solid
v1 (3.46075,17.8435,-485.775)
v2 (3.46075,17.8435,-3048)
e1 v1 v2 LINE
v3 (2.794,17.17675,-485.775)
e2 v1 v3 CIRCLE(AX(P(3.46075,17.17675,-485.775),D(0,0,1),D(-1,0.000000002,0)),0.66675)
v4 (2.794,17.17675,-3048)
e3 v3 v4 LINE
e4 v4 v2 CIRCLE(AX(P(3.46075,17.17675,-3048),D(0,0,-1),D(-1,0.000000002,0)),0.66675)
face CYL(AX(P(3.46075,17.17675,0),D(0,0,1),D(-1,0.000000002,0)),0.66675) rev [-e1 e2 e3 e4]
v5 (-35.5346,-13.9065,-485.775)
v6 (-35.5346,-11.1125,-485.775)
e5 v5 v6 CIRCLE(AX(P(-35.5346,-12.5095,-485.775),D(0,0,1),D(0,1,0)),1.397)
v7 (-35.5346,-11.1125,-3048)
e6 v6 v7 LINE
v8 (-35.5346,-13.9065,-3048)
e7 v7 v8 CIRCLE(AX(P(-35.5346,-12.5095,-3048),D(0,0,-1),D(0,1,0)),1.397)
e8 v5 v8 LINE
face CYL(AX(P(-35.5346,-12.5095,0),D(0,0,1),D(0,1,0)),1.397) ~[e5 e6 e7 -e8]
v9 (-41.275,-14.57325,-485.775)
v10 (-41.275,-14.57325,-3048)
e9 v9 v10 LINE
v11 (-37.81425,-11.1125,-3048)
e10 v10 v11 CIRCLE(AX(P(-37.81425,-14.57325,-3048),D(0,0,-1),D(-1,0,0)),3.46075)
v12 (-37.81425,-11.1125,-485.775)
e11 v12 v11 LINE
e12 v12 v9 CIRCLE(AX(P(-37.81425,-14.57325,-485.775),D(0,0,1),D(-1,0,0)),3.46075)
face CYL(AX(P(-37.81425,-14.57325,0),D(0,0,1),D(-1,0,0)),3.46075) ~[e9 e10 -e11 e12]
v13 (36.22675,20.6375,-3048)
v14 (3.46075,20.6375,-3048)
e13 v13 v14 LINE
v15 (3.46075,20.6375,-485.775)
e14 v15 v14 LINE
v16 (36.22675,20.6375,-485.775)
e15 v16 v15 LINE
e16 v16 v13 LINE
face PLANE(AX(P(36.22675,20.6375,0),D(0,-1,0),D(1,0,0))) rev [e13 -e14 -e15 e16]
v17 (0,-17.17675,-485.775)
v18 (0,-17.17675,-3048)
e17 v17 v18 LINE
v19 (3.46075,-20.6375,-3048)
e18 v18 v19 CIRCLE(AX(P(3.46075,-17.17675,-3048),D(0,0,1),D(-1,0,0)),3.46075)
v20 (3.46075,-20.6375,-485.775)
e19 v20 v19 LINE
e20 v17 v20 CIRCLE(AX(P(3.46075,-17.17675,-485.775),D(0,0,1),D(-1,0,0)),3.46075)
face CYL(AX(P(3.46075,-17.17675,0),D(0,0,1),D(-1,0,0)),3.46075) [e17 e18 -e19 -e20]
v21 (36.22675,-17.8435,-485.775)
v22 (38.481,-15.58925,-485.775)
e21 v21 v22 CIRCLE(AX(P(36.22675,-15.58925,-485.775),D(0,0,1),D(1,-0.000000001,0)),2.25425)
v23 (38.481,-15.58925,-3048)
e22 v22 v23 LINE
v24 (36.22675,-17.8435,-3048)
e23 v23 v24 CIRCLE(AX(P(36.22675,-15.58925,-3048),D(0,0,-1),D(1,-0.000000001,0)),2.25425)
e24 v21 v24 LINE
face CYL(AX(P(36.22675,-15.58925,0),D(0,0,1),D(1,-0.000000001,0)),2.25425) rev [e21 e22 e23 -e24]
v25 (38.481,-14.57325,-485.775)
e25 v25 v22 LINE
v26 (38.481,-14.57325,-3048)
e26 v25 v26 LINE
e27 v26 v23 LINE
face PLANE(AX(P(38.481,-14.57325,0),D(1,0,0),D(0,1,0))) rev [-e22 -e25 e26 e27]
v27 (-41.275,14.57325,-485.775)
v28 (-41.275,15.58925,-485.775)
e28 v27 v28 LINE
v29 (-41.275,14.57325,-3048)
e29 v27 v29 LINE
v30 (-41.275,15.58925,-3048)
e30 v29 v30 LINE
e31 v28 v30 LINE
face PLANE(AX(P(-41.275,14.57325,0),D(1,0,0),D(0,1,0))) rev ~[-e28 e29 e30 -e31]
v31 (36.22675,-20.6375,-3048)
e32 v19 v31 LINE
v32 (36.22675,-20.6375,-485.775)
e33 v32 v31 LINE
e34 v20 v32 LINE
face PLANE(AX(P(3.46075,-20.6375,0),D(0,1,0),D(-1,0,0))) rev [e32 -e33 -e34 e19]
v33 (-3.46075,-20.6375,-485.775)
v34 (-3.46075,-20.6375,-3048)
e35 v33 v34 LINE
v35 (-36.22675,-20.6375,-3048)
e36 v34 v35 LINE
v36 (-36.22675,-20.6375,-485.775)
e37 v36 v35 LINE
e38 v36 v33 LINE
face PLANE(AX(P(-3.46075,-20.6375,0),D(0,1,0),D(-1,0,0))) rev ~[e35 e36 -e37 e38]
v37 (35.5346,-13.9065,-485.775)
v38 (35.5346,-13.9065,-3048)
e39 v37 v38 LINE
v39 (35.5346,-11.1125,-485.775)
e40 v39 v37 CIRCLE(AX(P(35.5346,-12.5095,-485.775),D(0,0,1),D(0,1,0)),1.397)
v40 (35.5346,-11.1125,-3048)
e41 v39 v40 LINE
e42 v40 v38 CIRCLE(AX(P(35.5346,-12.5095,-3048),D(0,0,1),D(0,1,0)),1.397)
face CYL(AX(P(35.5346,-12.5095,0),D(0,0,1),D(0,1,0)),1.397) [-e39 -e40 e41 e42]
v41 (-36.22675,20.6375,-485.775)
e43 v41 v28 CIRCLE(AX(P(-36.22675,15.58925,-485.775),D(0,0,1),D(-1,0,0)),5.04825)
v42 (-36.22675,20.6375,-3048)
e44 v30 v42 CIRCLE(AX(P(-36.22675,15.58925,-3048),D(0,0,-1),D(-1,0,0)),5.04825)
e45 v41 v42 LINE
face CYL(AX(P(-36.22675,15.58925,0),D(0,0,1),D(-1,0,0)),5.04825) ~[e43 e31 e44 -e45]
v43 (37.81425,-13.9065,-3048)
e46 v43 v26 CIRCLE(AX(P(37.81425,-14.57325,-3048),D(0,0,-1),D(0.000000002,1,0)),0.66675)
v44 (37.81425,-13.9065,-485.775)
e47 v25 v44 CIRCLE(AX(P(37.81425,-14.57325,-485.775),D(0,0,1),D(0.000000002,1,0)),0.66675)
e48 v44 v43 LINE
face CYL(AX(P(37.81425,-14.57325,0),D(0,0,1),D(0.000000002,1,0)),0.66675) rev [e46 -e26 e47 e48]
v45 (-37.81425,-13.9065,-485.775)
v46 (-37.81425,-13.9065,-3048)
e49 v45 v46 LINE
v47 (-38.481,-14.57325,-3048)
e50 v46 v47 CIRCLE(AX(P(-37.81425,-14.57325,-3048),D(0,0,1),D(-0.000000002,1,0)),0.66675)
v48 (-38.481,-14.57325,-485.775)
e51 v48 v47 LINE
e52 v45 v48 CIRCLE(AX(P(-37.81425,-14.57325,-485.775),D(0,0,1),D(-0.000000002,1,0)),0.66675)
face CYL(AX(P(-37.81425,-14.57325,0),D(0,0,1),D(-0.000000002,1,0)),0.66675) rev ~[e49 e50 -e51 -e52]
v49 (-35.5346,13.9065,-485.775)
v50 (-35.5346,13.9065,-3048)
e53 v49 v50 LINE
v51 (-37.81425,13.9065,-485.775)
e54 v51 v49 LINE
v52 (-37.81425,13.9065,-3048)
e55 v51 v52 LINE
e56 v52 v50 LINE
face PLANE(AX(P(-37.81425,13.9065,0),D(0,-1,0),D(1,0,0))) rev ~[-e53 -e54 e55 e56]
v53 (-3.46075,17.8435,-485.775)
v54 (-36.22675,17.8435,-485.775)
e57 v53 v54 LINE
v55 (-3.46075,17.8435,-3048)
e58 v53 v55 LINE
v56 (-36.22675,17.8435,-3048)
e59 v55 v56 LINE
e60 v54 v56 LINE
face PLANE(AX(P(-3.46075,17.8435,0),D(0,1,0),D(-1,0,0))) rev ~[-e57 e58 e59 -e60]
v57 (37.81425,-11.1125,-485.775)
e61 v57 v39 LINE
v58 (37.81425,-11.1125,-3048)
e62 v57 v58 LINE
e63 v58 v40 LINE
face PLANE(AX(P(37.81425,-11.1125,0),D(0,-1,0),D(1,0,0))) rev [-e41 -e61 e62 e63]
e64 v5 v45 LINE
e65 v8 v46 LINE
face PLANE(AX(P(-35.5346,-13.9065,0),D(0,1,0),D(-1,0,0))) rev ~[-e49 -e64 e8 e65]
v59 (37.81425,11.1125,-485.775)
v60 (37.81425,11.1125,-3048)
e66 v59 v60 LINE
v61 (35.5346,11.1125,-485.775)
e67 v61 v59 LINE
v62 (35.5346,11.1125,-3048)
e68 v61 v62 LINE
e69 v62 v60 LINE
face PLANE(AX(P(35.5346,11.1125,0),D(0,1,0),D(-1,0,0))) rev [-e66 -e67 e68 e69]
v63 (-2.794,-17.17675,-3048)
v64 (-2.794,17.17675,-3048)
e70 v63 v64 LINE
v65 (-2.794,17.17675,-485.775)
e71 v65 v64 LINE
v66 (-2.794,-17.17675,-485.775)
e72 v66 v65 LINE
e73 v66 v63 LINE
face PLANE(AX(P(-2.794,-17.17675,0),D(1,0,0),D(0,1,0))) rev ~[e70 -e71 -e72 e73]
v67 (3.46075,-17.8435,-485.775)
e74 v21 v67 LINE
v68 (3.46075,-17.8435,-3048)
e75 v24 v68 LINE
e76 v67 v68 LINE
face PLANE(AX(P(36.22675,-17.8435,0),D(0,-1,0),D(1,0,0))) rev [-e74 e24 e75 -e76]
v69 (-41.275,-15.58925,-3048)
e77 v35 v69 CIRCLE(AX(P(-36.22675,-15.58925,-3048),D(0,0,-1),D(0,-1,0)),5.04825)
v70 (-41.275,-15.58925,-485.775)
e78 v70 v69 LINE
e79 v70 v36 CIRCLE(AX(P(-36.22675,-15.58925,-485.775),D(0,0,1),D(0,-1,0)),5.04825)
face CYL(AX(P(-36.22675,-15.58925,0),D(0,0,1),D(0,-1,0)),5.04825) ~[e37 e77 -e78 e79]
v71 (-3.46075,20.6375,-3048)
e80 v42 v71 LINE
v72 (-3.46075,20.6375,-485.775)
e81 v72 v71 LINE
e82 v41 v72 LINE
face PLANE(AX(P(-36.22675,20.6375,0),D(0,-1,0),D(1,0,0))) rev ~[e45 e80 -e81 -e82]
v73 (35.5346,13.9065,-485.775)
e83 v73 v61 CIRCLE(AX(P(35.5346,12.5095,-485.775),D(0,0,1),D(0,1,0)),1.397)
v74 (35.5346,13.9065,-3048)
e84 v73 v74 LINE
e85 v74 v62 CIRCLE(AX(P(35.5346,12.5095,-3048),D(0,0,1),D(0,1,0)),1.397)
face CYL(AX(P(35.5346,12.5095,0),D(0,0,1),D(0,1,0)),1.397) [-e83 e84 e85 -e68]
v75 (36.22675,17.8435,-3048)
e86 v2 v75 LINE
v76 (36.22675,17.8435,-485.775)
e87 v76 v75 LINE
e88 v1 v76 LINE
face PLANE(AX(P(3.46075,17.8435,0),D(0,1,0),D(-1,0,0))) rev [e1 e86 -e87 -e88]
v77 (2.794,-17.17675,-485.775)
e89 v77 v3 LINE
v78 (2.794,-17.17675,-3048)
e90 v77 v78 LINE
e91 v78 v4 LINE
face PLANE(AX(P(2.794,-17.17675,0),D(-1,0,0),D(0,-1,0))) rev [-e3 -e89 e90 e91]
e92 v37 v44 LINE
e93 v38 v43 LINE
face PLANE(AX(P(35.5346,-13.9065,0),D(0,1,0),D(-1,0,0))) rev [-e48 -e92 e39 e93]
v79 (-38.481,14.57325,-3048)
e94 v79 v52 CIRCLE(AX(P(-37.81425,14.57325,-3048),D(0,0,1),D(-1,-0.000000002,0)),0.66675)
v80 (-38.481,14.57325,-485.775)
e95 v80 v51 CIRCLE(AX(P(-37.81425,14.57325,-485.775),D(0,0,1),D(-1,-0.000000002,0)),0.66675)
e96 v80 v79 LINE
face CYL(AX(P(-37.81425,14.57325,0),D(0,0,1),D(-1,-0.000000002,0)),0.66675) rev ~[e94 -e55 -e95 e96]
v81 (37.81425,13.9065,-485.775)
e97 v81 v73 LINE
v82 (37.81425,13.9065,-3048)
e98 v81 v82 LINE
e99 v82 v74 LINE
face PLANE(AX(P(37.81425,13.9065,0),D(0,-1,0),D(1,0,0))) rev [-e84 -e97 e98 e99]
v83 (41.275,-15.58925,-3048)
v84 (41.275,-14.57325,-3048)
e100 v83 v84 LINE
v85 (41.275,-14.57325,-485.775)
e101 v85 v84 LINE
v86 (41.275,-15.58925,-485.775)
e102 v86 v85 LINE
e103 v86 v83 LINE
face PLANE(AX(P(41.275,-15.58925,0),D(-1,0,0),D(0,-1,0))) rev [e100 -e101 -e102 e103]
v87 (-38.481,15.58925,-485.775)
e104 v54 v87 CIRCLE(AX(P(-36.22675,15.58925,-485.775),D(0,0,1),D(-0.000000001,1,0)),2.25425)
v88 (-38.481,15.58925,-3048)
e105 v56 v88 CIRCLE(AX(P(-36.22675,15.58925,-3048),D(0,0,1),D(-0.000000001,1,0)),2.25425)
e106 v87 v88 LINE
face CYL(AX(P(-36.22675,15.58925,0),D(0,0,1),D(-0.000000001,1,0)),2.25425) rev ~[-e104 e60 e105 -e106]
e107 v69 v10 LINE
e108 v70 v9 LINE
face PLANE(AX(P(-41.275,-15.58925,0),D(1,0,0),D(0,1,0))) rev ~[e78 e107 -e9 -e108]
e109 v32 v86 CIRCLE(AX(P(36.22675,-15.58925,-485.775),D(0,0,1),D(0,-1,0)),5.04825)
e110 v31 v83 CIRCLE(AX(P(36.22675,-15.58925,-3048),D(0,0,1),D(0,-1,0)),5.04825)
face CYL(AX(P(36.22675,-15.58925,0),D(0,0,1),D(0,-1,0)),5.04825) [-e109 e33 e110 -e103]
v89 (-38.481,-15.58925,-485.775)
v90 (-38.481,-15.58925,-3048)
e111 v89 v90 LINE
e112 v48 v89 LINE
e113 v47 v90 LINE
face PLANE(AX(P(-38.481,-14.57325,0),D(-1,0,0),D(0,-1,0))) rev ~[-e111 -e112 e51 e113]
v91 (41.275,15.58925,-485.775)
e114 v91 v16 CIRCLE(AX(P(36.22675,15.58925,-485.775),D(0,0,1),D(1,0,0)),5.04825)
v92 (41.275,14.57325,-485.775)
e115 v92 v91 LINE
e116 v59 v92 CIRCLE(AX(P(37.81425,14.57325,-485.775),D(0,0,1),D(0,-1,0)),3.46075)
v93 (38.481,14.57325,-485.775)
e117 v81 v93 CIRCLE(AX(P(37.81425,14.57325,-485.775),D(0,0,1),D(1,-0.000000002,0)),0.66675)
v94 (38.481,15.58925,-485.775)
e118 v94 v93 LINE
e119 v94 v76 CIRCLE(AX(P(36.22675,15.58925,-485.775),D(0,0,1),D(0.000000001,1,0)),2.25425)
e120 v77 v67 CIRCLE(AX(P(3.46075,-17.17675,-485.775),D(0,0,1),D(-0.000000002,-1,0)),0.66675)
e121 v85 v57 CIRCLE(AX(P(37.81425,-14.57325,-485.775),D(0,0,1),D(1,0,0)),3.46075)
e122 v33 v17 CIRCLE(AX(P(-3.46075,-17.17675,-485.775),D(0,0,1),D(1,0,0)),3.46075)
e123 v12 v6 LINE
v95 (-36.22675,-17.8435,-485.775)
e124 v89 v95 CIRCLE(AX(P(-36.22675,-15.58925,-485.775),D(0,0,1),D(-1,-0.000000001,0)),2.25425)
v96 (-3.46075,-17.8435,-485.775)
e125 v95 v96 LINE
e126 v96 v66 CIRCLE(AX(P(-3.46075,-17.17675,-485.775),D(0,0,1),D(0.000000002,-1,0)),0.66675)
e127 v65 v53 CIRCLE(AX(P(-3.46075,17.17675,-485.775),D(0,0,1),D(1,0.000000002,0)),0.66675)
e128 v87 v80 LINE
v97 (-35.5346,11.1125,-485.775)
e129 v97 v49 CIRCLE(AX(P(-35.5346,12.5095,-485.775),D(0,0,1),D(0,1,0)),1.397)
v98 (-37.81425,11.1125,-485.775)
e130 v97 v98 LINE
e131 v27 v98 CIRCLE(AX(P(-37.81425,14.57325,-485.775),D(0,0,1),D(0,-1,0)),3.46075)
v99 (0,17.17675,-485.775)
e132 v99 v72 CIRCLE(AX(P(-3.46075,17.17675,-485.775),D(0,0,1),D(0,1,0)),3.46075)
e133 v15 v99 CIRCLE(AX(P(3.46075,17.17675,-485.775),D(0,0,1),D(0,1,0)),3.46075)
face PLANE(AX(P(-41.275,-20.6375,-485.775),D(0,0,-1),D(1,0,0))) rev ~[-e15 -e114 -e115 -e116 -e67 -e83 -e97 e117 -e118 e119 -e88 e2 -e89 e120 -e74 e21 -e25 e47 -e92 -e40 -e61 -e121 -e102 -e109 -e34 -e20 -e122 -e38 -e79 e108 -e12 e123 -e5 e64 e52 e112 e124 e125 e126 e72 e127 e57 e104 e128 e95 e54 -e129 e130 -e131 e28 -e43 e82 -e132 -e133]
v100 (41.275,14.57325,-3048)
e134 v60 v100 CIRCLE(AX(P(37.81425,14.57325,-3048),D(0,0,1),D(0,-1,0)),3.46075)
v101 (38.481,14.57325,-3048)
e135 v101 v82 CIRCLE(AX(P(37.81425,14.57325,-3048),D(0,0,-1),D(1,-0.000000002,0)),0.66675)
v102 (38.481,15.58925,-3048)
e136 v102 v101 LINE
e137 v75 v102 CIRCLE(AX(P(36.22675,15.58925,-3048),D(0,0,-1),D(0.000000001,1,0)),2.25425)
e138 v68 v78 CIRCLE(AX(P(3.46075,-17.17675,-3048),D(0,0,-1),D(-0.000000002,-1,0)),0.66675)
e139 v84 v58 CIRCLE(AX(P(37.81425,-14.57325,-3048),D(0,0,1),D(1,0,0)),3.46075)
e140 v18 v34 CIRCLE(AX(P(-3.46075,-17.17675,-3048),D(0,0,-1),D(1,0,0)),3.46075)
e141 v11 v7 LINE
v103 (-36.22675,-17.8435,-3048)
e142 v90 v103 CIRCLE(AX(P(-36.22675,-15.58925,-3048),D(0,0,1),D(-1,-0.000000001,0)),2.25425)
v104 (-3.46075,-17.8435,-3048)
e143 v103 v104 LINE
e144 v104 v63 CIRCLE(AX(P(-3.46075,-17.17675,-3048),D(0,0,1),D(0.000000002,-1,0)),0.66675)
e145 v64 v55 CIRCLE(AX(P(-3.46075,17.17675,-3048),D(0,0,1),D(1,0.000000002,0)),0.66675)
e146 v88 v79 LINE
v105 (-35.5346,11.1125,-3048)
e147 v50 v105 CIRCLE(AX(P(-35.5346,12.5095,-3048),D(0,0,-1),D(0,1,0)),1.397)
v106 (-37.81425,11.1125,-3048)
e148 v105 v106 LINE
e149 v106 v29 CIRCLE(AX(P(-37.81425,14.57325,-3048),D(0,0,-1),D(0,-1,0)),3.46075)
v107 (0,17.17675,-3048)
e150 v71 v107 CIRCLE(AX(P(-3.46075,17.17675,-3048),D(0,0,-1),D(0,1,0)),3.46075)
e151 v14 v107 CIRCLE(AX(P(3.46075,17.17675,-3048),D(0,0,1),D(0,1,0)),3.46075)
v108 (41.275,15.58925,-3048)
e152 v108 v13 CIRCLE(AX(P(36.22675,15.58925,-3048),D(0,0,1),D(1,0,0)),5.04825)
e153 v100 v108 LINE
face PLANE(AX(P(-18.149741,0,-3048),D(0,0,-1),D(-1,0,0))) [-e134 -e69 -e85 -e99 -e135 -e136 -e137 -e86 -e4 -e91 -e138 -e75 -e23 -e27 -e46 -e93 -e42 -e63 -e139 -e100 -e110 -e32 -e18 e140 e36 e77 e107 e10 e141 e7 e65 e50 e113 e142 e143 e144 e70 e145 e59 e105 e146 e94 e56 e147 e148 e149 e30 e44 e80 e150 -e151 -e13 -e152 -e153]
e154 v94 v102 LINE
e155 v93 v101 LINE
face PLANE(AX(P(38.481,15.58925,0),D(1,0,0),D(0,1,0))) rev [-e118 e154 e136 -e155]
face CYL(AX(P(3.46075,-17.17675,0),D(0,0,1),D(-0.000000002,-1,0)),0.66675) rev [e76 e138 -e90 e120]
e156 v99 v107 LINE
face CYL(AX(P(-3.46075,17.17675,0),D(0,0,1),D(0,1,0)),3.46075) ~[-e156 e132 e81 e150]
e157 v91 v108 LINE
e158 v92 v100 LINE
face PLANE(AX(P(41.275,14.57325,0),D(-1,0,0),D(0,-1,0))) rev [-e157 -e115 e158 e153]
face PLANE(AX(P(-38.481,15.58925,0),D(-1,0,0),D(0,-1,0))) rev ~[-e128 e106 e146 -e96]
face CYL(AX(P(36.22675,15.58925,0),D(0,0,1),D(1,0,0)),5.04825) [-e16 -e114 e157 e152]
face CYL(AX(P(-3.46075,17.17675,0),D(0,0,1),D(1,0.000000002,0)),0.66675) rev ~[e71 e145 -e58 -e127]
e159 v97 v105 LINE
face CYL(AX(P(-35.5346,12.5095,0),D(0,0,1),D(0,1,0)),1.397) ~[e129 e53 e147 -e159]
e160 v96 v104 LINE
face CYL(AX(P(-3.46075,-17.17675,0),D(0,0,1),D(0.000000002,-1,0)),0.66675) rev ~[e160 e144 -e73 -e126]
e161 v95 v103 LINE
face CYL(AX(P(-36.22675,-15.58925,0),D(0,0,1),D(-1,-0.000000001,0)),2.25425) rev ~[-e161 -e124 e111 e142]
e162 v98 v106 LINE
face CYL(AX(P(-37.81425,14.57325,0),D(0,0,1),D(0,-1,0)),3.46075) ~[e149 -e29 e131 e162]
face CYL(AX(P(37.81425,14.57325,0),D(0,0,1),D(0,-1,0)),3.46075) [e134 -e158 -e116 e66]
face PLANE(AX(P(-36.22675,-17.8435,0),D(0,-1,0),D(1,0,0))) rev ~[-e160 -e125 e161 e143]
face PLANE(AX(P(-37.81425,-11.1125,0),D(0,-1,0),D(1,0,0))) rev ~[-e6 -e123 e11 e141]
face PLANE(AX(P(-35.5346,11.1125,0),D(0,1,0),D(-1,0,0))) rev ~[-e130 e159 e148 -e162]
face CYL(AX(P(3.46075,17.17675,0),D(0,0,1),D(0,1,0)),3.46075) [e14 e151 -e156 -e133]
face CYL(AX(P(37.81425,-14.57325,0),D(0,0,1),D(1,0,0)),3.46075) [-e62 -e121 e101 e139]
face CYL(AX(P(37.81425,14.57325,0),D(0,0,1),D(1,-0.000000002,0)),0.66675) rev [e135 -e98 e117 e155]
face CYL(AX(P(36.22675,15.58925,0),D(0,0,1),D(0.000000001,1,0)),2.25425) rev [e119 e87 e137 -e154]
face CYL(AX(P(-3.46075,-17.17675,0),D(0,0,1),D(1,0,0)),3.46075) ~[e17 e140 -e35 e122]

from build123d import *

# Parameters (mm, degrees)
BOSS_EXTRUDE1_DEPTH = 3048
SKETCH4_W           = 82.55
SKETCH4_H           = 485.775
CUT_EXTRUDE1_DEPTH  = 3049.558881053


with BuildPart() as part:
    # Sketch1 → Boss-Extrude1 (new body)
    with BuildSketch(Plane.XY):
        with BuildLine():
            Line((-36.22675, 20.6375), (-3.46075, 20.6375))
            ThreePointArc((-3.46075, 20.6375), (-1.013630207, 19.623869793), (0, 17.17675))
            Line((0, 17.17675), (0, -17.17675))
            ThreePointArc((0, -17.17675), (-1.013630207, -19.623869793), (-3.46075, -20.6375))
            Line((-3.46075, -20.6375), (-36.22675, -20.6375))
            ThreePointArc((-36.22675, -20.6375), (-39.796401808, -19.158901808), (-41.275, -15.58925))
            Line((-41.275, -15.58925), (-41.275, -14.57325))
            ThreePointArc((-41.275, -14.57325), (-40.261369793, -12.126130207), (-37.81425, -11.1125))
            Line((-37.81425, -11.1125), (-35.5346, -11.1125))
            ThreePointArc((-35.5346, -11.1125), (-34.1376, -12.5095), (-35.5346, -13.9065))
            Line((-35.5346, -13.9065), (-37.81425, -13.9065))
            ThreePointArc((-37.81425, -13.9065), (-38.285713446, -14.101786554), (-38.481, -14.57325))
            Line((-38.481, -14.57325), (-38.481, -15.58925))
            ThreePointArc((-38.481, -15.58925), (-37.820745461, -17.183245461), (-36.22675, -17.8435))
            Line((-36.22675, -17.8435), (-3.46075, -17.8435))
            ThreePointArc((-3.46075, -17.8435), (-2.989286554, -17.648213446), (-2.794, -17.17675))
            Line((-2.794, -17.17675), (-2.794, 17.17675))
            ThreePointArc((-2.794, 17.17675), (-2.989286554, 17.648213446), (-3.46075, 17.8435))
            Line((-3.46075, 17.8435), (-36.22675, 17.8435))
            ThreePointArc((-36.22675, 17.8435), (-37.820745461, 17.183245461), (-38.481, 15.58925))
            Line((-38.481, 15.58925), (-38.481, 14.57325))
            ThreePointArc((-38.481, 14.57325), (-38.285713446, 14.101786554), (-37.81425, 13.9065))
            Line((-37.81425, 13.9065), (-35.5346, 13.9065))
            ThreePointArc((-35.5346, 13.9065), (-34.1376, 12.5095), (-35.5346, 11.1125))
            Line((-35.5346, 11.1125), (-37.81425, 11.1125))
            ThreePointArc((-37.81425, 11.1125), (-40.261369793, 12.126130207), (-41.275, 14.57325))
            Line((-41.275, 14.57325), (-41.275, 15.58925))
            ThreePointArc((-41.275, 15.58925), (-39.796401808, 19.158901808), (-36.22675, 20.6375))
        make_face()
    extrude(amount=-BOSS_EXTRUDE1_DEPTH)


with BuildPart() as body_2:
    # Mirror1: mirrored copy
    add(part.part.mirror(Plane(origin=(0, 17.17675, -3048), x_dir=(0, 0, 1), z_dir=(1, 0, 0))))


with BuildPart() as cut_extrude1_tool:
    # Sketch4 → Cut-Extrude1 (new, through all)
    with BuildSketch(Plane.XZ.offset(20.6375)):
        with Locations((0, -242.8875)):
            Rectangle(SKETCH4_W, SKETCH4_H)
    extrude(amount=-CUT_EXTRUDE1_DEPTH)


with BuildPart() as part_1:
    add(part.part)

    # Cut-Extrude1: cut by cut_extrude1_tool
    add(cut_extrude1_tool.part, mode=Mode.SUBTRACT)


with BuildPart() as body_2_1:
    add(body_2.part)

    # Cut-Extrude1: cut by cut_extrude1_tool
    add(cut_extrude1_tool.part, mode=Mode.SUBTRACT)

    # Combine1: union part
    add(part_1.part)


solid = body_2_1.part
